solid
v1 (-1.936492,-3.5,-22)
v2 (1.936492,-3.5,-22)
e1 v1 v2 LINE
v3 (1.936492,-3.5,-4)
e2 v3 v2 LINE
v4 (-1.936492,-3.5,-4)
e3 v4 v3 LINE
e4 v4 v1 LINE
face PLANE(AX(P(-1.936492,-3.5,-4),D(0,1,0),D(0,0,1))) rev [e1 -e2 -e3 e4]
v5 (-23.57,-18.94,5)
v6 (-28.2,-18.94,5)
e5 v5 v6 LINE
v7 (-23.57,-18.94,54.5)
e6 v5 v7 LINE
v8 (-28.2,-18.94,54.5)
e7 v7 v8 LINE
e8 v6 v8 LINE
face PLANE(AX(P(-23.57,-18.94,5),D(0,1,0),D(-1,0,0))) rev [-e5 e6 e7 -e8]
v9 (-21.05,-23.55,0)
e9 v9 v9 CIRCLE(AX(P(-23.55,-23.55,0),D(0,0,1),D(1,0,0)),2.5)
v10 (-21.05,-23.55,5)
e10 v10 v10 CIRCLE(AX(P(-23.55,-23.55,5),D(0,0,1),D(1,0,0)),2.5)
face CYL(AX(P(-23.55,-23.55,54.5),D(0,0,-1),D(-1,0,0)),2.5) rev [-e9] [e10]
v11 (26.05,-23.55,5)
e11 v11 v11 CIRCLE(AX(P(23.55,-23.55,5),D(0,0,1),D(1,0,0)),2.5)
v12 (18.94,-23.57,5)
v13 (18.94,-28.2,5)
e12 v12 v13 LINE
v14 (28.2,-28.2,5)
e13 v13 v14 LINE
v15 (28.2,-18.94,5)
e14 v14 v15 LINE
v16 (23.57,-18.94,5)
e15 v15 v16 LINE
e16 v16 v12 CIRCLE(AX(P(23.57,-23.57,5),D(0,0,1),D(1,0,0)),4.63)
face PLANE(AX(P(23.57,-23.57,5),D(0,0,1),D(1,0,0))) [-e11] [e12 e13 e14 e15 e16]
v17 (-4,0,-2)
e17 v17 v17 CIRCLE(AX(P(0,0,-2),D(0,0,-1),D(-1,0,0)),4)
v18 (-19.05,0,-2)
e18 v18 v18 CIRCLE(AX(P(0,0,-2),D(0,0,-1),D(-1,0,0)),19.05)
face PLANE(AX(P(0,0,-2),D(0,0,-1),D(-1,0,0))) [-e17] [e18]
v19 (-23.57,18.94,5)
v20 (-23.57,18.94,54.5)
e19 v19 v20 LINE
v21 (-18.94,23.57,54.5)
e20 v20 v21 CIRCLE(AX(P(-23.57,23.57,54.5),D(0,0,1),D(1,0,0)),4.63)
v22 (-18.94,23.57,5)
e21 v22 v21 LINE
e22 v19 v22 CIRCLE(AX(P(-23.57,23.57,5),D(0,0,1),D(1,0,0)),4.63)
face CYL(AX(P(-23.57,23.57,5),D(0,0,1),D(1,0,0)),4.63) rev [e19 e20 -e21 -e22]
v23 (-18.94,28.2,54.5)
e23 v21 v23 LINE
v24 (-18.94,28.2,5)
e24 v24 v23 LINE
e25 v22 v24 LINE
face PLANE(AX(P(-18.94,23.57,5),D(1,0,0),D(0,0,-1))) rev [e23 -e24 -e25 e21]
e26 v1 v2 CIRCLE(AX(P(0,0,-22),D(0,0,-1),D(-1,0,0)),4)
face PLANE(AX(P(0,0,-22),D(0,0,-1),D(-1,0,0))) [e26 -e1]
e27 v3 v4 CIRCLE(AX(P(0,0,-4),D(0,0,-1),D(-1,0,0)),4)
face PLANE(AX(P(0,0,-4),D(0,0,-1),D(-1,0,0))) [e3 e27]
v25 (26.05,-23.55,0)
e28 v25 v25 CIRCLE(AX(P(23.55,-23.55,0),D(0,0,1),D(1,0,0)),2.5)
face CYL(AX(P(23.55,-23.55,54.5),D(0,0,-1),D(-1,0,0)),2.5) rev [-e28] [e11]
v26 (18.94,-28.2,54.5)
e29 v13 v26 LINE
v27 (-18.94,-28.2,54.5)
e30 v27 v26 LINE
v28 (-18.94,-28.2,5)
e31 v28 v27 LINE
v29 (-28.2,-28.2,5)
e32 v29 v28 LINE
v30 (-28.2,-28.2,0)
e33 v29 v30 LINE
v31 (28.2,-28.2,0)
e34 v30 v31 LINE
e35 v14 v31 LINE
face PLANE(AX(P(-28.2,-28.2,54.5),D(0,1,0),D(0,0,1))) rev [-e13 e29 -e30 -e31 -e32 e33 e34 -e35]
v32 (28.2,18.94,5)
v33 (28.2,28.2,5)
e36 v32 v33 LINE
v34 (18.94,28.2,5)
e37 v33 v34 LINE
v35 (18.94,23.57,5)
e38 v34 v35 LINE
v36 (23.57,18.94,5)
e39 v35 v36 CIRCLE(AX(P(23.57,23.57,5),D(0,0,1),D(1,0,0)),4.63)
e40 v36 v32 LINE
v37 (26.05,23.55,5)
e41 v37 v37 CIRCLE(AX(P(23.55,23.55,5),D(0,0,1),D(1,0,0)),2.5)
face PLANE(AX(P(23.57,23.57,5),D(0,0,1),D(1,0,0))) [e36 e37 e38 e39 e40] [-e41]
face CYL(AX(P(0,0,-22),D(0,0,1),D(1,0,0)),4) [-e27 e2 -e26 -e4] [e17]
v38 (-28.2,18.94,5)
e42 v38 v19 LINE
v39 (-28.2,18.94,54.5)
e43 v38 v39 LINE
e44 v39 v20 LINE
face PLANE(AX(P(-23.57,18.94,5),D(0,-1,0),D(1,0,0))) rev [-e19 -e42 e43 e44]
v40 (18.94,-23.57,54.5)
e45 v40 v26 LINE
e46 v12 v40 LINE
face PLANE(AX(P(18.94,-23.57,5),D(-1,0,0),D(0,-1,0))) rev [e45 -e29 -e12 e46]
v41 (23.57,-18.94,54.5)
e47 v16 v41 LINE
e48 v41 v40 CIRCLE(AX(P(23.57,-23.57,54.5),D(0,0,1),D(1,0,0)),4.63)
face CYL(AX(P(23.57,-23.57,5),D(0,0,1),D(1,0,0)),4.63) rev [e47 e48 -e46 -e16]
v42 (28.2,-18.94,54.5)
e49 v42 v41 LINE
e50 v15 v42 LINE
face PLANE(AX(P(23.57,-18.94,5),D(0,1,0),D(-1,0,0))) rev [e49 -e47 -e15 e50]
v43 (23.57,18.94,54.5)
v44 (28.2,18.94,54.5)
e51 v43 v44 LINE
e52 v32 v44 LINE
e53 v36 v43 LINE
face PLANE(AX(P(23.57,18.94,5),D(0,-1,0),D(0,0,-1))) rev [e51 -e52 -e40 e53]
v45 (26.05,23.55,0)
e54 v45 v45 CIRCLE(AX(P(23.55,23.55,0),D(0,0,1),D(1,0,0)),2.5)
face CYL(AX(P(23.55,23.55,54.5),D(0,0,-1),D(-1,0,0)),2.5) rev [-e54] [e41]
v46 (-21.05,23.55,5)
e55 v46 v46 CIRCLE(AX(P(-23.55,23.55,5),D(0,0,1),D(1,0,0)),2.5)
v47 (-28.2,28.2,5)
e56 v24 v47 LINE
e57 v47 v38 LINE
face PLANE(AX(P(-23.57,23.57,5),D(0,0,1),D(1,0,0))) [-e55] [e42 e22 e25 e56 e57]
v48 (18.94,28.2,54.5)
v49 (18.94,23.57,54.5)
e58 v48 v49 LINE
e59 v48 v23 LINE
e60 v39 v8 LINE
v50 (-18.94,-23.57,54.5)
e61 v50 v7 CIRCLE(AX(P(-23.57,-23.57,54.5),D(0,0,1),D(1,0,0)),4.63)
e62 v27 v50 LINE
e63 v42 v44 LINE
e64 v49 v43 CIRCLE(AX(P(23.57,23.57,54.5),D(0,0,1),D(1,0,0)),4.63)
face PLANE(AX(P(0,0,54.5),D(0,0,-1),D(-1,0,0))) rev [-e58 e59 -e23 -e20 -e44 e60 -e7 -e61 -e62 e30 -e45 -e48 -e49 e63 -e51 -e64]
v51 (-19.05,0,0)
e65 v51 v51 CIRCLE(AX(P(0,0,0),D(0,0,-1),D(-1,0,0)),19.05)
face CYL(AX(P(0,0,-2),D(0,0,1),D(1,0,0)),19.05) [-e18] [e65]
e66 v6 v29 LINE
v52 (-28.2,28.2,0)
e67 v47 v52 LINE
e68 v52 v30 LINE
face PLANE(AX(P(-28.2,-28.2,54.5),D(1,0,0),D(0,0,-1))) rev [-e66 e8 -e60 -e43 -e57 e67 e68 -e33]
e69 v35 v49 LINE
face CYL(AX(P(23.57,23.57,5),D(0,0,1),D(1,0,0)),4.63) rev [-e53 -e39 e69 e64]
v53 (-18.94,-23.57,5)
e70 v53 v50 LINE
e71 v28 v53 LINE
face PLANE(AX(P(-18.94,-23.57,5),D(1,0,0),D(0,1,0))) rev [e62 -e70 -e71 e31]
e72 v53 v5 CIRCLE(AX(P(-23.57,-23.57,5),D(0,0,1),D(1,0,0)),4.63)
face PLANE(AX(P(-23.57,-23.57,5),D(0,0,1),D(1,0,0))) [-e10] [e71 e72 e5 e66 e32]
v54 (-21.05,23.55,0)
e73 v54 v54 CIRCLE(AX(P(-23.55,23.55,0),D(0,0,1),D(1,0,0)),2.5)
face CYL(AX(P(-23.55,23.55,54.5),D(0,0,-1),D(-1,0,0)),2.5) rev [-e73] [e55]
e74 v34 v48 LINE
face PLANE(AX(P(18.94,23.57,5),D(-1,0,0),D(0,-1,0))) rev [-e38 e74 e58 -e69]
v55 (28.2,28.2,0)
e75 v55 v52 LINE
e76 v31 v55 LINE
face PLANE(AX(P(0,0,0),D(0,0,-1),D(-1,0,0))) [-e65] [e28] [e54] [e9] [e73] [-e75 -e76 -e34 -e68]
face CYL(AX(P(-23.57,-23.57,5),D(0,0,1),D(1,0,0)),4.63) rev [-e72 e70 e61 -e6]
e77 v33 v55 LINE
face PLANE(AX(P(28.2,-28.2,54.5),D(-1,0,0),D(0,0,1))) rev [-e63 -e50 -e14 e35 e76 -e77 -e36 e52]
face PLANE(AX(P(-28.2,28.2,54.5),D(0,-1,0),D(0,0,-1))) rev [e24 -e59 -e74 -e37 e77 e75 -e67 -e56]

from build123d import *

# Parameters (mm, degrees)
SKETCH_1_W          = 56.4
SKETCH_1_H          = 56.4
SKETCH_1_R          = 2.5
EXTRUDE_1_DEPTH     = 54.5
SKETCH_2_R          = 4
EXTRUDE_2_DEPTH     = 22
CUT_EXTRUDE_START   = -18
CUT_EXTRUDE_1_DEPTH = 18
SKETCH_4_R          = 19.05
EXTRUDE_3_DEPTH     = 2
CUT_EXTRUDE_2_DEPTH = 49.5


with BuildPart() as part:
    # 草图1 → 凸台-拉伸1 (new body)
    with BuildSketch(Plane.XY):
        Rectangle(SKETCH_1_W, SKETCH_1_H)
        with Locations((23.55, -23.55)):
            Circle(SKETCH_1_R, mode=Mode.SUBTRACT)
        with Locations((-23.55, -23.55)):
            Circle(SKETCH_1_R, mode=Mode.SUBTRACT)
        with Locations((23.55, 23.55)):
            Circle(SKETCH_1_R, mode=Mode.SUBTRACT)
        with Locations((-23.55, 23.55)):
            Circle(SKETCH_1_R, mode=Mode.SUBTRACT)
    extrude(amount=EXTRUDE_1_DEPTH)

    # 草图2 → 凸台-拉伸2 (add)
    with BuildSketch(Plane(origin=(0, 0, 0), x_dir=(-1, 0, 0), z_dir=(0, 0, -1))):
        Circle(SKETCH_2_R)
    extrude(amount=EXTRUDE_2_DEPTH)

    # 草图3 → 切除-拉伸1 (cut)
    with BuildSketch(Plane(origin=(0, 0, -22), x_dir=(-1, 0, 0), z_dir=(0, 0, -1)).offset(CUT_EXTRUDE_START)):
        with BuildLine():
            Line((1.936491673, -3.5), (-1.936491673, -3.5))
            ThreePointArc((-1.936491673, -3.5), (0, -4), (1.936491673, -3.5))
        make_face()
    extrude(amount=CUT_EXTRUDE_1_DEPTH, mode=Mode.SUBTRACT)

    # 草图4 → 凸台-拉伸3 (add)
    with BuildSketch(Plane(origin=(0, 0, 0), x_dir=(-1, 0, 0), z_dir=(0, 0, -1))):
        Circle(SKETCH_4_R)
    extrude(amount=EXTRUDE_3_DEPTH)

    # 草图5 → 切除-拉伸2 (cut)
    with BuildSketch(Plane.XY.offset(54.5)):
        with BuildLine():
            Line((23.57, 18.94), (28.2, 18.94))
            Line((28.2, 18.94), (28.2, 28.2))
            Line((28.2, 28.2), (18.94, 28.2))
            Line((18.94, 28.2), (18.94, 23.57))
            ThreePointArc((18.94, 23.57), (20.296095603, 20.296095603), (23.57, 18.94))
        make_face()
        with BuildLine():
            Line((18.94, -23.57), (18.94, -28.2))
            Line((18.94, -28.2), (28.2, -28.2))
            Line((28.2, -28.2), (28.2, -18.94))
            Line((28.2, -18.94), (23.57, -18.94))
            ThreePointArc((23.57, -18.94), (20.296095603, -20.296095603), (18.94, -23.57))
        make_face()
        with BuildLine():
            Line((-23.57, -18.94), (-28.2, -18.94))
            Line((-28.2, -18.94), (-28.2, -28.2))
            Line((-28.2, -28.2), (-18.94, -28.2))
            Line((-18.94, -28.2), (-18.94, -23.57))
            ThreePointArc((-18.94, -23.57), (-20.296095603, -20.296095603), (-23.57, -18.94))
        make_face()
        with BuildLine():
            Line((-18.94, 23.57), (-18.94, 28.2))
            Line((-18.94, 28.2), (-28.2, 28.2))
            Line((-28.2, 28.2), (-28.2, 18.94))
            Line((-28.2, 18.94), (-23.57, 18.94))
            ThreePointArc((-23.57, 18.94), (-20.296095603, 20.296095603), (-18.94, 23.57))
        make_face()
    extrude(amount=-CUT_EXTRUDE_2_DEPTH, mode=Mode.SUBTRACT)


solid = part.part
